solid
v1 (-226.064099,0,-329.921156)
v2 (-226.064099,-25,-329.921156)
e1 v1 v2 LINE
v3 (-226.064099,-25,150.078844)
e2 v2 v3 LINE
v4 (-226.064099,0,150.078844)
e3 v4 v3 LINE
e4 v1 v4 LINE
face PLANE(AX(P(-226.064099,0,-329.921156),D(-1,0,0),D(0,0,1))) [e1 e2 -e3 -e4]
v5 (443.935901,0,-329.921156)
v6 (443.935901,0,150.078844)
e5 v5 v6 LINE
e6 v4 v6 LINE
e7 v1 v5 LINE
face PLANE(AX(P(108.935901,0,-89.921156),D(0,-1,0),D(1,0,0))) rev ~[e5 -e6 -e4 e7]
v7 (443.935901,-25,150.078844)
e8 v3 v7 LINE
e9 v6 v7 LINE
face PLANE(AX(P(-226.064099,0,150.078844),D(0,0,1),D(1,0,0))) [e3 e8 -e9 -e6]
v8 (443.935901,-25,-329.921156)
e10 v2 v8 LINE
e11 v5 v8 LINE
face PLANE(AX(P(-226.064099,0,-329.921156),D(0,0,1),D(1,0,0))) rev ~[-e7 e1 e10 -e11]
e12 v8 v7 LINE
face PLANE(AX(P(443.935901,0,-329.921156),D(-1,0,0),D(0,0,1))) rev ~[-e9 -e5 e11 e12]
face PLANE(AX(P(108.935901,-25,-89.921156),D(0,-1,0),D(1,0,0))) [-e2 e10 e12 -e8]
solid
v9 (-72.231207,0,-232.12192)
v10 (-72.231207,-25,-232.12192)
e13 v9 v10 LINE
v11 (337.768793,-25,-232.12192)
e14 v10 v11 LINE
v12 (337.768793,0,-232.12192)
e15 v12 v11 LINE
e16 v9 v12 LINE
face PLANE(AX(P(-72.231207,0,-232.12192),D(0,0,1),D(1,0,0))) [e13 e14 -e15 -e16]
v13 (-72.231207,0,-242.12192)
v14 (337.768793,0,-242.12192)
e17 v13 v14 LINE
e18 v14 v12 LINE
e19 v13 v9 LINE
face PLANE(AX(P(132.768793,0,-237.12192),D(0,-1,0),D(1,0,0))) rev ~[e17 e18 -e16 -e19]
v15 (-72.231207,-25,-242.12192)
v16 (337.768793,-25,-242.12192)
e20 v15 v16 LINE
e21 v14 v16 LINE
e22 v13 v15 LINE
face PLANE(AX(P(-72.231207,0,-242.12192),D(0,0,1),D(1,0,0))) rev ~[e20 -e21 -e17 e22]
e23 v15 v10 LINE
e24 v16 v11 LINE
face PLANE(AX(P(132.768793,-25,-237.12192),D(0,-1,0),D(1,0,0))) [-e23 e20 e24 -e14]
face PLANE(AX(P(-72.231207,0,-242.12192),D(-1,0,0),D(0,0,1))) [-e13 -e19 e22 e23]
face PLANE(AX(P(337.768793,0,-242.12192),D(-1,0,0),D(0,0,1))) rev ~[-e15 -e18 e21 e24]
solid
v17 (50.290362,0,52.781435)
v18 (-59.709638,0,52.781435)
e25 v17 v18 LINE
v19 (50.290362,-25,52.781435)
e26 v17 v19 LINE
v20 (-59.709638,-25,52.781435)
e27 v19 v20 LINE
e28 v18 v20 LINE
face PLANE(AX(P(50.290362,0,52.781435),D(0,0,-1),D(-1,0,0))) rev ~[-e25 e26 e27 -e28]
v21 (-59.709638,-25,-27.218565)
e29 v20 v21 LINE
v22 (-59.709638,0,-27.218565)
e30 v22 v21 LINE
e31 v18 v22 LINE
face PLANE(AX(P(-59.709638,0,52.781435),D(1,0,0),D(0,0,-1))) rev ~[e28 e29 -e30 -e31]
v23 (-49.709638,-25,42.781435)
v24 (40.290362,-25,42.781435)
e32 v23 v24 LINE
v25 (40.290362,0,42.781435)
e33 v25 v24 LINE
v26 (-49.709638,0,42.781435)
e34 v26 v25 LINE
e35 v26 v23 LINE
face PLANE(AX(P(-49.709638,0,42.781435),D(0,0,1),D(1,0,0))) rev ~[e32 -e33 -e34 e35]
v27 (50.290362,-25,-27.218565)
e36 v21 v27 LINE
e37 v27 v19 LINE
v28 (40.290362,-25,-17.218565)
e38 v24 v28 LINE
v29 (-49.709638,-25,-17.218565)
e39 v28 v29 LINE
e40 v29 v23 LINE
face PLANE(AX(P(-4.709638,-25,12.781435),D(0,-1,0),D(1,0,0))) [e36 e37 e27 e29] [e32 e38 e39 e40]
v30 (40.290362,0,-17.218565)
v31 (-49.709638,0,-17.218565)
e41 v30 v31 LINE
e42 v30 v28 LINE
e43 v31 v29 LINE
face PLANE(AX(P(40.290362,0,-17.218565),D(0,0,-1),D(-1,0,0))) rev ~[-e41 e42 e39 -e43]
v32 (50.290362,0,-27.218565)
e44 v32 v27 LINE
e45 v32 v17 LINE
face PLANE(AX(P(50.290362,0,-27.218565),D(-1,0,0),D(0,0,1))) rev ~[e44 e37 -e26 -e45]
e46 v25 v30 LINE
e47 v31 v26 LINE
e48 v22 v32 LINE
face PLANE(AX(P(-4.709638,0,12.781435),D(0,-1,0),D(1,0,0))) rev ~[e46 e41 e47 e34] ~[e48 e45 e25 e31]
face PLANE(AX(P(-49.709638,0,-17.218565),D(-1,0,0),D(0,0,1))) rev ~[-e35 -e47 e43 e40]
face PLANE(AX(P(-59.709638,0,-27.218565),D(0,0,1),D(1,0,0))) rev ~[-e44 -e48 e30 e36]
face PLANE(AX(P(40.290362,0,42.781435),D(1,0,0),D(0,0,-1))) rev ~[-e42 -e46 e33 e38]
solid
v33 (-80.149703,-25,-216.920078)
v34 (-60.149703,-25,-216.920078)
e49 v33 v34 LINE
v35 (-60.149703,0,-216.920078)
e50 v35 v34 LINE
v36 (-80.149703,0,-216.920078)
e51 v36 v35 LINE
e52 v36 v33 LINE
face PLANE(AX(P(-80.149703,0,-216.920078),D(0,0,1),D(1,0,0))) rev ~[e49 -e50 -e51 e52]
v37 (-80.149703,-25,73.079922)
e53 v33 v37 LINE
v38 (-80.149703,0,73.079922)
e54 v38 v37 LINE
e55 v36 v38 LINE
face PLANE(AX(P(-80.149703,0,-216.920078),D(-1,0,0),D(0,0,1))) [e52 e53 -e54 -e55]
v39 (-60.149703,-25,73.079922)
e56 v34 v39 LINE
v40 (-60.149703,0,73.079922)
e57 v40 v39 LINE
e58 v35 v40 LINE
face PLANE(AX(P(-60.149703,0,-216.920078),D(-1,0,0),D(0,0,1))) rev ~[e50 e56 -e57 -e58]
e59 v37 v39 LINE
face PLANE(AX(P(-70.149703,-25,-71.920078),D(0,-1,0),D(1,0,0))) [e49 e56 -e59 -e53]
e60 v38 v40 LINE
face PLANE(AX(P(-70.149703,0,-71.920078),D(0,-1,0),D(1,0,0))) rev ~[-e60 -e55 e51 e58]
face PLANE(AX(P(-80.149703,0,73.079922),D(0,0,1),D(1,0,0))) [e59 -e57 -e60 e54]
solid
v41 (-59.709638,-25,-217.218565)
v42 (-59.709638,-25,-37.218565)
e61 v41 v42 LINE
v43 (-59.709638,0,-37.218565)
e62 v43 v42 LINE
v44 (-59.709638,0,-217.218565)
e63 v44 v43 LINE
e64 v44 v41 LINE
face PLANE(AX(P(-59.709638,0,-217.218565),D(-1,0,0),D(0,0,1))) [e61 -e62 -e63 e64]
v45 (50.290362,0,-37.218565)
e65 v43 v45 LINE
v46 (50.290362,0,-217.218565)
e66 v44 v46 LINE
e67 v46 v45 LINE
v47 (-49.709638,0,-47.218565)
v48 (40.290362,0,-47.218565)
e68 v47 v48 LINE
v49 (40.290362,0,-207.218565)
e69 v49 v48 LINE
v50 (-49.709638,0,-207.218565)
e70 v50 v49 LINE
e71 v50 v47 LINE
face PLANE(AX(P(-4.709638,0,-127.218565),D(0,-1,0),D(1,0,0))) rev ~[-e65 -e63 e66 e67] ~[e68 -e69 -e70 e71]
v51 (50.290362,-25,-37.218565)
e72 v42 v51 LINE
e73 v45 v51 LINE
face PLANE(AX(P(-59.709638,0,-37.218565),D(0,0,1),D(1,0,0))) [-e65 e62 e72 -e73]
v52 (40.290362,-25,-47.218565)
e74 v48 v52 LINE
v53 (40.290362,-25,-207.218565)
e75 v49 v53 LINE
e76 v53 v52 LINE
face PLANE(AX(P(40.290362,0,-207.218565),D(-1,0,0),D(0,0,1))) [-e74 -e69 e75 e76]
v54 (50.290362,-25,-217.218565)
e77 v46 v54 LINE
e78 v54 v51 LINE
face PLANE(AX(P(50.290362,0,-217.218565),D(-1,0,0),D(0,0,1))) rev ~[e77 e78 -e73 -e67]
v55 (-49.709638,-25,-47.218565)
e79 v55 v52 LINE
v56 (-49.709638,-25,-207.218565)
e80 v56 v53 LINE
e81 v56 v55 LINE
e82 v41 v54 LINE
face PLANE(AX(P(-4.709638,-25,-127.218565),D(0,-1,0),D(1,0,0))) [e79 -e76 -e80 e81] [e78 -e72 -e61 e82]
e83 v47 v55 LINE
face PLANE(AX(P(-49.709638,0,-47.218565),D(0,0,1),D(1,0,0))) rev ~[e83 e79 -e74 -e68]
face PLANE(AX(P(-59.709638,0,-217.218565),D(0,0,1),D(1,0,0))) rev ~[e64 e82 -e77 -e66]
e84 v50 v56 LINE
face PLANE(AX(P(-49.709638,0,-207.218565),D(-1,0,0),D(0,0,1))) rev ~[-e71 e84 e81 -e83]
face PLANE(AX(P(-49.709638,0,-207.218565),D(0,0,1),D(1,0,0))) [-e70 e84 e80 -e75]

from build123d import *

# Parameters (mm, degrees)
F0_W     = 110
F0_H     = 180
F0_W_2   = 90
F0_H_2   = 160
F1_DEPTH = 25
F2_W     = 20
F2_H     = 290
F4_DEPTH = 25
F3_W     = 410
F3_H     = 10
F5_DEPTH = 25
F6_W     = 670
F6_H     = 480
F7_DEPTH = 25


with BuildPart() as f1:
    # F0 (on Front) → F1 (new body)
    with BuildSketch(Plane.XZ):
        Polygon((50.290362, -27.218565), (50.290362, 0), (50.290362, 52.781435), (-59.709638, 52.781435), (-59.709638, -27.218565), align=None)
        Polygon((-49.709638, 0), (-49.709638, 42.781435), (40.290362, 42.781435), (40.290362, 0), (40.290362, -17.218565), (-49.709638, -17.218565), align=None, mode=Mode.SUBTRACT)
        with Locations((-4.709638, -127.218565)):
            Rectangle(F0_W, F0_H)
        with Locations((-4.709638, -127.218565)):
            Rectangle(F0_W_2, F0_H_2, mode=Mode.SUBTRACT)
    extrude(amount=F1_DEPTH)


with BuildPart() as f4:
    # F2 (on Front) → F4 (new body)
    with BuildSketch(Plane.XZ):
        with Locations((-70.149703, -71.920078)):
            Rectangle(F2_W, F2_H)
    extrude(amount=F4_DEPTH)


with BuildPart() as f5:
    # F3 (on Front) → F5 (new body)
    with BuildSketch(Plane.XZ):
        with Locations((132.768793, -237.12192)):
            Rectangle(F3_W, F3_H)
    extrude(amount=F5_DEPTH)


with BuildPart() as f7:
    # F6 (on Front) → F7 (new body)
    with BuildSketch(Plane.XZ):
        with Locations((108.935901, -89.921156)):
            Rectangle(F6_W, F6_H)
    extrude(amount=F7_DEPTH)


solid = Compound([f1.part, f4.part, f5.part, f7.part])
